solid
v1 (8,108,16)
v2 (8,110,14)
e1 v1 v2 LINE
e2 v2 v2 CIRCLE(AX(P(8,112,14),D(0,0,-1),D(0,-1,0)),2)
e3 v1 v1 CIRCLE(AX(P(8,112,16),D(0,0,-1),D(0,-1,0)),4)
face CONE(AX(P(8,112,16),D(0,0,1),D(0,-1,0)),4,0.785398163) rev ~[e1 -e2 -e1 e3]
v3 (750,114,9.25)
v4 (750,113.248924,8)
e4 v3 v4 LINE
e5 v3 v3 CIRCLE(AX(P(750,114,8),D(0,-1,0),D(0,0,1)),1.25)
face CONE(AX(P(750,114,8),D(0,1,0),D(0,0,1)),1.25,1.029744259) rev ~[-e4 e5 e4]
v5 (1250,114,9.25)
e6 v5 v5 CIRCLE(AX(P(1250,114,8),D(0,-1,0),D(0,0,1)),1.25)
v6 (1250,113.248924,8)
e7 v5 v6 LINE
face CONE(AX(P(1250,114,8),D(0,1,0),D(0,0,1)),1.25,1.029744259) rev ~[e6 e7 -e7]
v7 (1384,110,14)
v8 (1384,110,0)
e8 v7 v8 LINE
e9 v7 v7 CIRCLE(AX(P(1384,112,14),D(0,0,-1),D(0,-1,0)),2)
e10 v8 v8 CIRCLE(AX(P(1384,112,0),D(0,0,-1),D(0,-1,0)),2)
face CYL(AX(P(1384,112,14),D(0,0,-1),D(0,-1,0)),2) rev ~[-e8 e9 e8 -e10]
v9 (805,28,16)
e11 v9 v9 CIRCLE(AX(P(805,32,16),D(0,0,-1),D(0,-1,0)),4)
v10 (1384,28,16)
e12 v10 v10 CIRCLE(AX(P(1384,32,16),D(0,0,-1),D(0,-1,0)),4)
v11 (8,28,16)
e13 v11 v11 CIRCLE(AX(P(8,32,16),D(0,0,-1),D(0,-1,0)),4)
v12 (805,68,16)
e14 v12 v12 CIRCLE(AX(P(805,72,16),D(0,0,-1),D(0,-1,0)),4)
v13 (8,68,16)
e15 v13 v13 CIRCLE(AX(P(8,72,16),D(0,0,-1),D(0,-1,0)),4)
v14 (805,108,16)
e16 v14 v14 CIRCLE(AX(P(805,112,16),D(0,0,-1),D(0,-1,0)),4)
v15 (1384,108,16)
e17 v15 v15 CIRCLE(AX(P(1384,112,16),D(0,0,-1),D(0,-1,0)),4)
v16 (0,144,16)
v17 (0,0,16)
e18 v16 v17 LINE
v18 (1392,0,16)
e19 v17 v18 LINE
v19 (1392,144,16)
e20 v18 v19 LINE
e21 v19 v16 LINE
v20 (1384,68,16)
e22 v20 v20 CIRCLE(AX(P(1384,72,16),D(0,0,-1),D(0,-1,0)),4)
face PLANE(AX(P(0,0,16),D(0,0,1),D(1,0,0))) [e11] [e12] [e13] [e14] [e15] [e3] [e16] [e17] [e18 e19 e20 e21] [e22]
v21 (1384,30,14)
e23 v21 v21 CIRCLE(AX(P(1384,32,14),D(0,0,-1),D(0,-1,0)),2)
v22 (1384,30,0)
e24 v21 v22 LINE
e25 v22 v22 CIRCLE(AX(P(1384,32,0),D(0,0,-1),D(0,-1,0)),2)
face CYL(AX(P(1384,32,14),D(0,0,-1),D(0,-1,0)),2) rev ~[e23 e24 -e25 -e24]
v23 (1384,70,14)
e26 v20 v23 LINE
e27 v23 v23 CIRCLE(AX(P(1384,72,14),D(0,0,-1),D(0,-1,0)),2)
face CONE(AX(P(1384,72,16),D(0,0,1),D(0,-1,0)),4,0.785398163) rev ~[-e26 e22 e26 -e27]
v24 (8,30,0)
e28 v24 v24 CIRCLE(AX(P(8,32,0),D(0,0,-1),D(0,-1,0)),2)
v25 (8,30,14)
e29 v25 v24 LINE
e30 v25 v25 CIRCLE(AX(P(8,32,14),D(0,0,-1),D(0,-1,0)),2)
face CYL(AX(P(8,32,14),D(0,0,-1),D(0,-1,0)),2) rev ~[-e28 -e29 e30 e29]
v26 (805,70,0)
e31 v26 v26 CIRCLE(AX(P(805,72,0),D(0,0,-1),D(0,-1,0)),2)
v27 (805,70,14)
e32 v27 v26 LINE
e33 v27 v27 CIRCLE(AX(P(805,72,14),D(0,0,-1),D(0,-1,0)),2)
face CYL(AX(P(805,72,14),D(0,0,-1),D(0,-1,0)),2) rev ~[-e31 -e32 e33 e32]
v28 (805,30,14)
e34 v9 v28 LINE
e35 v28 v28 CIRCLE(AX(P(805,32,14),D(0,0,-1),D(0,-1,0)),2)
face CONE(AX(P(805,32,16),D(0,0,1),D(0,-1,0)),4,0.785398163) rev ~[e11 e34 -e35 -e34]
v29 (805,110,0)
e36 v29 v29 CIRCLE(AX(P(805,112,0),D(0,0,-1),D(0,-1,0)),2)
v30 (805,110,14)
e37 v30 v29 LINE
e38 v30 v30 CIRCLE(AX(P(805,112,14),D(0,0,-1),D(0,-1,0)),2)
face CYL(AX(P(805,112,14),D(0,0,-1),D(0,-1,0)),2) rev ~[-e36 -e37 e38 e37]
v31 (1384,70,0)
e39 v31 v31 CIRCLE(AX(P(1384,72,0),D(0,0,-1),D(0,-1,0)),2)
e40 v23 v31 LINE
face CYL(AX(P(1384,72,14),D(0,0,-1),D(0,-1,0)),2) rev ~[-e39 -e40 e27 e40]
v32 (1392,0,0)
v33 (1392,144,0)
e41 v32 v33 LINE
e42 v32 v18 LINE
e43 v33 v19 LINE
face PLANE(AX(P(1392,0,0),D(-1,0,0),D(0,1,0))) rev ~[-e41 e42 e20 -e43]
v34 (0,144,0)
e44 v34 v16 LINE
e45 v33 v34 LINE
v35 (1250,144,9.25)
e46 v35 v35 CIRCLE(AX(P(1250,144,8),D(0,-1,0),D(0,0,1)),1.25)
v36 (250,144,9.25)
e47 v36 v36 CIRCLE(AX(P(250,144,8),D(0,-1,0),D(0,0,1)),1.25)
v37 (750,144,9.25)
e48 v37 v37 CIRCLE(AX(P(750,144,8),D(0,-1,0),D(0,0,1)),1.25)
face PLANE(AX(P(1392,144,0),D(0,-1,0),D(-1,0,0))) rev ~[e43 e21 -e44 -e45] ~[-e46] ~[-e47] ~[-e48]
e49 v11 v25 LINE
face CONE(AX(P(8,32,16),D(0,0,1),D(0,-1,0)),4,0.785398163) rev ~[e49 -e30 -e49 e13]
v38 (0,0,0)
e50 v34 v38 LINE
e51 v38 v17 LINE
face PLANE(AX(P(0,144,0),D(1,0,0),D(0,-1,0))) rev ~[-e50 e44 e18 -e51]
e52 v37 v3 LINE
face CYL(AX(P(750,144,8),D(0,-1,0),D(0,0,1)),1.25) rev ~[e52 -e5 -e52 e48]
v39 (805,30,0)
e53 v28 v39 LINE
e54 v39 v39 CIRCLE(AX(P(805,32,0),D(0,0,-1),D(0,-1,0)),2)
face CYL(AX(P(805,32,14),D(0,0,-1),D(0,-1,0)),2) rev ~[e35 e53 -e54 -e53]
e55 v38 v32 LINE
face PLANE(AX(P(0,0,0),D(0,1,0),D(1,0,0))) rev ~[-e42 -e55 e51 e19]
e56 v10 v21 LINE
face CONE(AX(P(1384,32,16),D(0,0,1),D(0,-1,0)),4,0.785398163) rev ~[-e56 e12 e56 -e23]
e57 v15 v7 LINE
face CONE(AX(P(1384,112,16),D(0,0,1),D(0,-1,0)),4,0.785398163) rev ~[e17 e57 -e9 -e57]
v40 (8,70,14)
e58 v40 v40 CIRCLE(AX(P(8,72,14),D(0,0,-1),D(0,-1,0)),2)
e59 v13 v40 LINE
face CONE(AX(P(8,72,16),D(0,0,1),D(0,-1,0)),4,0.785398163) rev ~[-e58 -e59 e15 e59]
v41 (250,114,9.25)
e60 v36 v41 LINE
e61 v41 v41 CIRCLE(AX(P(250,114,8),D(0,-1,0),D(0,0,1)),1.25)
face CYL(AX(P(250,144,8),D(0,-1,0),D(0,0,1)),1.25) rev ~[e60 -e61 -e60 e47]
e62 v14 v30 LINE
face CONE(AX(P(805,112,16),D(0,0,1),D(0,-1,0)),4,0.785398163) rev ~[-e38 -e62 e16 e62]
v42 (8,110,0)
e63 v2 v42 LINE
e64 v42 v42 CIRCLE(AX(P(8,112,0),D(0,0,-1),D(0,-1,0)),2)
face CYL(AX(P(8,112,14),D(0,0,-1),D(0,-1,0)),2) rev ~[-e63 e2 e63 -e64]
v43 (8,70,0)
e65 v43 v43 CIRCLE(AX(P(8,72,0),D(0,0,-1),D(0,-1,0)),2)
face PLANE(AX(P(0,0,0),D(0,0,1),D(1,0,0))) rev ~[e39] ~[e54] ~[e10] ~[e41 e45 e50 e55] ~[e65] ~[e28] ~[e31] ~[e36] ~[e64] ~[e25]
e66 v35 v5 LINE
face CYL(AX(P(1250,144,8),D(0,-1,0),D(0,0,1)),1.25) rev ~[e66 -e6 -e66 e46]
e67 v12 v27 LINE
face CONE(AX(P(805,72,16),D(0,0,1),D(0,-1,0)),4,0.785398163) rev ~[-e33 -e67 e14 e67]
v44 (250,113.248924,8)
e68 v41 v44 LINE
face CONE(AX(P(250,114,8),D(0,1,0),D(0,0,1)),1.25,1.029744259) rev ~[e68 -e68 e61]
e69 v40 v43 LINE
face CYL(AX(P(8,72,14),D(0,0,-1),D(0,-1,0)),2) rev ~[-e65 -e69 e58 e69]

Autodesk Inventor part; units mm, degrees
ref_plane "YZ Plane" through (0, 0, 0) normal (1, 0, 0) x (0, 1, 0)
ref_plane "XZ Plane" through (0, 0, 0) normal (0, 1, 0) x (-1, 0, 0)
ref_plane "XY Plane" through (0, 0, 0) normal (0, 0, 1) x (1, 0, 0)
sketch "Skizze1" plane through (0, 0, 0) normal (0, 0, 1) x (1, 0, 0)
  line L0 (0, 0) -> (1392, 0)
  line L1 (1392, 0) -> (1392, 144)
  line L2 (1392, 144) -> (0, 144)
  line L3 (0, 144) -> (0, 0)
  line L4 (1384, 144) -> (1384, 0) construction
  line L5 (1392, 112) -> (0, 112) construction
  line L6 (1392, 32) -> (0, 32) construction
  circle A0 centre (1384, 112) radius 1.5
  circle A1 centre (1384, 32) radius 1.5
  line L7 (8, 144) -> (8, 0) construction
  circle A2 centre (8, 112) radius 1.5
  circle A3 centre (8, 72) radius 1.5
  circle A4 centre (8, 32) radius 1.5
  circle A5 centre (1384, 72) radius 1.5
  circle A6 centre (805, 112) radius 1.5
  circle A7 centre (805, 72) radius 1.5
  circle A8 centre (805, 32) radius 1.5
  line L8 (805, 144) -> (805, 0) construction
  point P0 (1392, 72)
  point P1 (805, 72)
  dimension "d0" = 1392
  dimension "d1" = 144
  dimension "d20" = 8
  dimension "d21" = 40
  dimension "d22" = 40
  dimension "d23" = 3
  dimension "d24" = 3
  dimension "d25" = 8
  dimension "d26" = 3
  dimension "d27" = 3
  dimension "d28" = 3
  dimension "d29" = 3
  dimension "d131" = 3
  dimension "d132" = 3
  dimension "d133" = 3
  dimension "d134" = 805
extrude "Extrusion1" add sketch "Skizze1" along normal blind 16 contours L3 L2 L1 L0 | A6 | A7 | A8
sketch "Skizze2" plane through (0, 0, 16) normal (0, 0, 1) x (1, 0, 0)
  circle A0 centre (1384, 112) radius 1.5 projected
  circle A1 centre (1384, 72) radius 1.5 projected
  circle A2 centre (1384, 32) radius 1.5 projected
  circle A3 centre (8, 72) radius 1.5 projected
  circle A4 centre (8, 112) radius 1.5 projected
  circle A5 centre (8, 32) radius 1.5 projected
  circle A6 centre (805, 32) radius 1.5 projected
  circle A7 centre (805, 112) radius 1.5 projected
  circle A8 centre (805, 72) radius 1.5 projected
  point P0 (0, 0)
  point P1 (805, 72)
  point P2 (821.0338, 32)
  point P3 (821.0338, 72)
hole "Bohrung7" at (1384, 112, 16) at (1384, 72, 16) at (1384, 32, 16) at (8, 72, 16) at (8, 32, 16) at (8, 112, 16) at (805, 32, 16) at (805, 112, 16) at (805, 72, 16) direction (0, 0, -1) diameter 4 end through all countersink diameter 8 countersink angle 90
sketch "Skizze3" plane through (0, 144, 0) normal (0, 1, 0) x (1, 0, 0)
  line L0 (0, 0) -> (1392, 0) construction
  line L1 (1392, 0) -> (1392, -16) construction
  line L2 (1392, -16) -> (0, -16) construction
  line L3 (0, -16) -> (0, 0) construction
  line L4 (0, 0) -> (0, -16) projected
  line L5 (0, -8) -> (1392, -8) construction
  line L6 (1392, 0) -> (1392, -16) projected
  line L7 (0, -16) -> (1392, -16) construction
  line L8 (696, -16) -> (696, 0) construction
  point P0 (250, -8)
  point P1 (750, -8)
  point P2 (1250, -8)
  dimension "d135" = 500
  dimension "d136" = 500
  dimension "d137" = 250
hole "Bohrung12" at (250, 144, 8) at (750, 144, 8) at (1250, 144, 8) direction (0, -1, 0) diameter 2.5 depth 30 tip angle 118
properties part number "licht_150_back" material "Spanplatte"
